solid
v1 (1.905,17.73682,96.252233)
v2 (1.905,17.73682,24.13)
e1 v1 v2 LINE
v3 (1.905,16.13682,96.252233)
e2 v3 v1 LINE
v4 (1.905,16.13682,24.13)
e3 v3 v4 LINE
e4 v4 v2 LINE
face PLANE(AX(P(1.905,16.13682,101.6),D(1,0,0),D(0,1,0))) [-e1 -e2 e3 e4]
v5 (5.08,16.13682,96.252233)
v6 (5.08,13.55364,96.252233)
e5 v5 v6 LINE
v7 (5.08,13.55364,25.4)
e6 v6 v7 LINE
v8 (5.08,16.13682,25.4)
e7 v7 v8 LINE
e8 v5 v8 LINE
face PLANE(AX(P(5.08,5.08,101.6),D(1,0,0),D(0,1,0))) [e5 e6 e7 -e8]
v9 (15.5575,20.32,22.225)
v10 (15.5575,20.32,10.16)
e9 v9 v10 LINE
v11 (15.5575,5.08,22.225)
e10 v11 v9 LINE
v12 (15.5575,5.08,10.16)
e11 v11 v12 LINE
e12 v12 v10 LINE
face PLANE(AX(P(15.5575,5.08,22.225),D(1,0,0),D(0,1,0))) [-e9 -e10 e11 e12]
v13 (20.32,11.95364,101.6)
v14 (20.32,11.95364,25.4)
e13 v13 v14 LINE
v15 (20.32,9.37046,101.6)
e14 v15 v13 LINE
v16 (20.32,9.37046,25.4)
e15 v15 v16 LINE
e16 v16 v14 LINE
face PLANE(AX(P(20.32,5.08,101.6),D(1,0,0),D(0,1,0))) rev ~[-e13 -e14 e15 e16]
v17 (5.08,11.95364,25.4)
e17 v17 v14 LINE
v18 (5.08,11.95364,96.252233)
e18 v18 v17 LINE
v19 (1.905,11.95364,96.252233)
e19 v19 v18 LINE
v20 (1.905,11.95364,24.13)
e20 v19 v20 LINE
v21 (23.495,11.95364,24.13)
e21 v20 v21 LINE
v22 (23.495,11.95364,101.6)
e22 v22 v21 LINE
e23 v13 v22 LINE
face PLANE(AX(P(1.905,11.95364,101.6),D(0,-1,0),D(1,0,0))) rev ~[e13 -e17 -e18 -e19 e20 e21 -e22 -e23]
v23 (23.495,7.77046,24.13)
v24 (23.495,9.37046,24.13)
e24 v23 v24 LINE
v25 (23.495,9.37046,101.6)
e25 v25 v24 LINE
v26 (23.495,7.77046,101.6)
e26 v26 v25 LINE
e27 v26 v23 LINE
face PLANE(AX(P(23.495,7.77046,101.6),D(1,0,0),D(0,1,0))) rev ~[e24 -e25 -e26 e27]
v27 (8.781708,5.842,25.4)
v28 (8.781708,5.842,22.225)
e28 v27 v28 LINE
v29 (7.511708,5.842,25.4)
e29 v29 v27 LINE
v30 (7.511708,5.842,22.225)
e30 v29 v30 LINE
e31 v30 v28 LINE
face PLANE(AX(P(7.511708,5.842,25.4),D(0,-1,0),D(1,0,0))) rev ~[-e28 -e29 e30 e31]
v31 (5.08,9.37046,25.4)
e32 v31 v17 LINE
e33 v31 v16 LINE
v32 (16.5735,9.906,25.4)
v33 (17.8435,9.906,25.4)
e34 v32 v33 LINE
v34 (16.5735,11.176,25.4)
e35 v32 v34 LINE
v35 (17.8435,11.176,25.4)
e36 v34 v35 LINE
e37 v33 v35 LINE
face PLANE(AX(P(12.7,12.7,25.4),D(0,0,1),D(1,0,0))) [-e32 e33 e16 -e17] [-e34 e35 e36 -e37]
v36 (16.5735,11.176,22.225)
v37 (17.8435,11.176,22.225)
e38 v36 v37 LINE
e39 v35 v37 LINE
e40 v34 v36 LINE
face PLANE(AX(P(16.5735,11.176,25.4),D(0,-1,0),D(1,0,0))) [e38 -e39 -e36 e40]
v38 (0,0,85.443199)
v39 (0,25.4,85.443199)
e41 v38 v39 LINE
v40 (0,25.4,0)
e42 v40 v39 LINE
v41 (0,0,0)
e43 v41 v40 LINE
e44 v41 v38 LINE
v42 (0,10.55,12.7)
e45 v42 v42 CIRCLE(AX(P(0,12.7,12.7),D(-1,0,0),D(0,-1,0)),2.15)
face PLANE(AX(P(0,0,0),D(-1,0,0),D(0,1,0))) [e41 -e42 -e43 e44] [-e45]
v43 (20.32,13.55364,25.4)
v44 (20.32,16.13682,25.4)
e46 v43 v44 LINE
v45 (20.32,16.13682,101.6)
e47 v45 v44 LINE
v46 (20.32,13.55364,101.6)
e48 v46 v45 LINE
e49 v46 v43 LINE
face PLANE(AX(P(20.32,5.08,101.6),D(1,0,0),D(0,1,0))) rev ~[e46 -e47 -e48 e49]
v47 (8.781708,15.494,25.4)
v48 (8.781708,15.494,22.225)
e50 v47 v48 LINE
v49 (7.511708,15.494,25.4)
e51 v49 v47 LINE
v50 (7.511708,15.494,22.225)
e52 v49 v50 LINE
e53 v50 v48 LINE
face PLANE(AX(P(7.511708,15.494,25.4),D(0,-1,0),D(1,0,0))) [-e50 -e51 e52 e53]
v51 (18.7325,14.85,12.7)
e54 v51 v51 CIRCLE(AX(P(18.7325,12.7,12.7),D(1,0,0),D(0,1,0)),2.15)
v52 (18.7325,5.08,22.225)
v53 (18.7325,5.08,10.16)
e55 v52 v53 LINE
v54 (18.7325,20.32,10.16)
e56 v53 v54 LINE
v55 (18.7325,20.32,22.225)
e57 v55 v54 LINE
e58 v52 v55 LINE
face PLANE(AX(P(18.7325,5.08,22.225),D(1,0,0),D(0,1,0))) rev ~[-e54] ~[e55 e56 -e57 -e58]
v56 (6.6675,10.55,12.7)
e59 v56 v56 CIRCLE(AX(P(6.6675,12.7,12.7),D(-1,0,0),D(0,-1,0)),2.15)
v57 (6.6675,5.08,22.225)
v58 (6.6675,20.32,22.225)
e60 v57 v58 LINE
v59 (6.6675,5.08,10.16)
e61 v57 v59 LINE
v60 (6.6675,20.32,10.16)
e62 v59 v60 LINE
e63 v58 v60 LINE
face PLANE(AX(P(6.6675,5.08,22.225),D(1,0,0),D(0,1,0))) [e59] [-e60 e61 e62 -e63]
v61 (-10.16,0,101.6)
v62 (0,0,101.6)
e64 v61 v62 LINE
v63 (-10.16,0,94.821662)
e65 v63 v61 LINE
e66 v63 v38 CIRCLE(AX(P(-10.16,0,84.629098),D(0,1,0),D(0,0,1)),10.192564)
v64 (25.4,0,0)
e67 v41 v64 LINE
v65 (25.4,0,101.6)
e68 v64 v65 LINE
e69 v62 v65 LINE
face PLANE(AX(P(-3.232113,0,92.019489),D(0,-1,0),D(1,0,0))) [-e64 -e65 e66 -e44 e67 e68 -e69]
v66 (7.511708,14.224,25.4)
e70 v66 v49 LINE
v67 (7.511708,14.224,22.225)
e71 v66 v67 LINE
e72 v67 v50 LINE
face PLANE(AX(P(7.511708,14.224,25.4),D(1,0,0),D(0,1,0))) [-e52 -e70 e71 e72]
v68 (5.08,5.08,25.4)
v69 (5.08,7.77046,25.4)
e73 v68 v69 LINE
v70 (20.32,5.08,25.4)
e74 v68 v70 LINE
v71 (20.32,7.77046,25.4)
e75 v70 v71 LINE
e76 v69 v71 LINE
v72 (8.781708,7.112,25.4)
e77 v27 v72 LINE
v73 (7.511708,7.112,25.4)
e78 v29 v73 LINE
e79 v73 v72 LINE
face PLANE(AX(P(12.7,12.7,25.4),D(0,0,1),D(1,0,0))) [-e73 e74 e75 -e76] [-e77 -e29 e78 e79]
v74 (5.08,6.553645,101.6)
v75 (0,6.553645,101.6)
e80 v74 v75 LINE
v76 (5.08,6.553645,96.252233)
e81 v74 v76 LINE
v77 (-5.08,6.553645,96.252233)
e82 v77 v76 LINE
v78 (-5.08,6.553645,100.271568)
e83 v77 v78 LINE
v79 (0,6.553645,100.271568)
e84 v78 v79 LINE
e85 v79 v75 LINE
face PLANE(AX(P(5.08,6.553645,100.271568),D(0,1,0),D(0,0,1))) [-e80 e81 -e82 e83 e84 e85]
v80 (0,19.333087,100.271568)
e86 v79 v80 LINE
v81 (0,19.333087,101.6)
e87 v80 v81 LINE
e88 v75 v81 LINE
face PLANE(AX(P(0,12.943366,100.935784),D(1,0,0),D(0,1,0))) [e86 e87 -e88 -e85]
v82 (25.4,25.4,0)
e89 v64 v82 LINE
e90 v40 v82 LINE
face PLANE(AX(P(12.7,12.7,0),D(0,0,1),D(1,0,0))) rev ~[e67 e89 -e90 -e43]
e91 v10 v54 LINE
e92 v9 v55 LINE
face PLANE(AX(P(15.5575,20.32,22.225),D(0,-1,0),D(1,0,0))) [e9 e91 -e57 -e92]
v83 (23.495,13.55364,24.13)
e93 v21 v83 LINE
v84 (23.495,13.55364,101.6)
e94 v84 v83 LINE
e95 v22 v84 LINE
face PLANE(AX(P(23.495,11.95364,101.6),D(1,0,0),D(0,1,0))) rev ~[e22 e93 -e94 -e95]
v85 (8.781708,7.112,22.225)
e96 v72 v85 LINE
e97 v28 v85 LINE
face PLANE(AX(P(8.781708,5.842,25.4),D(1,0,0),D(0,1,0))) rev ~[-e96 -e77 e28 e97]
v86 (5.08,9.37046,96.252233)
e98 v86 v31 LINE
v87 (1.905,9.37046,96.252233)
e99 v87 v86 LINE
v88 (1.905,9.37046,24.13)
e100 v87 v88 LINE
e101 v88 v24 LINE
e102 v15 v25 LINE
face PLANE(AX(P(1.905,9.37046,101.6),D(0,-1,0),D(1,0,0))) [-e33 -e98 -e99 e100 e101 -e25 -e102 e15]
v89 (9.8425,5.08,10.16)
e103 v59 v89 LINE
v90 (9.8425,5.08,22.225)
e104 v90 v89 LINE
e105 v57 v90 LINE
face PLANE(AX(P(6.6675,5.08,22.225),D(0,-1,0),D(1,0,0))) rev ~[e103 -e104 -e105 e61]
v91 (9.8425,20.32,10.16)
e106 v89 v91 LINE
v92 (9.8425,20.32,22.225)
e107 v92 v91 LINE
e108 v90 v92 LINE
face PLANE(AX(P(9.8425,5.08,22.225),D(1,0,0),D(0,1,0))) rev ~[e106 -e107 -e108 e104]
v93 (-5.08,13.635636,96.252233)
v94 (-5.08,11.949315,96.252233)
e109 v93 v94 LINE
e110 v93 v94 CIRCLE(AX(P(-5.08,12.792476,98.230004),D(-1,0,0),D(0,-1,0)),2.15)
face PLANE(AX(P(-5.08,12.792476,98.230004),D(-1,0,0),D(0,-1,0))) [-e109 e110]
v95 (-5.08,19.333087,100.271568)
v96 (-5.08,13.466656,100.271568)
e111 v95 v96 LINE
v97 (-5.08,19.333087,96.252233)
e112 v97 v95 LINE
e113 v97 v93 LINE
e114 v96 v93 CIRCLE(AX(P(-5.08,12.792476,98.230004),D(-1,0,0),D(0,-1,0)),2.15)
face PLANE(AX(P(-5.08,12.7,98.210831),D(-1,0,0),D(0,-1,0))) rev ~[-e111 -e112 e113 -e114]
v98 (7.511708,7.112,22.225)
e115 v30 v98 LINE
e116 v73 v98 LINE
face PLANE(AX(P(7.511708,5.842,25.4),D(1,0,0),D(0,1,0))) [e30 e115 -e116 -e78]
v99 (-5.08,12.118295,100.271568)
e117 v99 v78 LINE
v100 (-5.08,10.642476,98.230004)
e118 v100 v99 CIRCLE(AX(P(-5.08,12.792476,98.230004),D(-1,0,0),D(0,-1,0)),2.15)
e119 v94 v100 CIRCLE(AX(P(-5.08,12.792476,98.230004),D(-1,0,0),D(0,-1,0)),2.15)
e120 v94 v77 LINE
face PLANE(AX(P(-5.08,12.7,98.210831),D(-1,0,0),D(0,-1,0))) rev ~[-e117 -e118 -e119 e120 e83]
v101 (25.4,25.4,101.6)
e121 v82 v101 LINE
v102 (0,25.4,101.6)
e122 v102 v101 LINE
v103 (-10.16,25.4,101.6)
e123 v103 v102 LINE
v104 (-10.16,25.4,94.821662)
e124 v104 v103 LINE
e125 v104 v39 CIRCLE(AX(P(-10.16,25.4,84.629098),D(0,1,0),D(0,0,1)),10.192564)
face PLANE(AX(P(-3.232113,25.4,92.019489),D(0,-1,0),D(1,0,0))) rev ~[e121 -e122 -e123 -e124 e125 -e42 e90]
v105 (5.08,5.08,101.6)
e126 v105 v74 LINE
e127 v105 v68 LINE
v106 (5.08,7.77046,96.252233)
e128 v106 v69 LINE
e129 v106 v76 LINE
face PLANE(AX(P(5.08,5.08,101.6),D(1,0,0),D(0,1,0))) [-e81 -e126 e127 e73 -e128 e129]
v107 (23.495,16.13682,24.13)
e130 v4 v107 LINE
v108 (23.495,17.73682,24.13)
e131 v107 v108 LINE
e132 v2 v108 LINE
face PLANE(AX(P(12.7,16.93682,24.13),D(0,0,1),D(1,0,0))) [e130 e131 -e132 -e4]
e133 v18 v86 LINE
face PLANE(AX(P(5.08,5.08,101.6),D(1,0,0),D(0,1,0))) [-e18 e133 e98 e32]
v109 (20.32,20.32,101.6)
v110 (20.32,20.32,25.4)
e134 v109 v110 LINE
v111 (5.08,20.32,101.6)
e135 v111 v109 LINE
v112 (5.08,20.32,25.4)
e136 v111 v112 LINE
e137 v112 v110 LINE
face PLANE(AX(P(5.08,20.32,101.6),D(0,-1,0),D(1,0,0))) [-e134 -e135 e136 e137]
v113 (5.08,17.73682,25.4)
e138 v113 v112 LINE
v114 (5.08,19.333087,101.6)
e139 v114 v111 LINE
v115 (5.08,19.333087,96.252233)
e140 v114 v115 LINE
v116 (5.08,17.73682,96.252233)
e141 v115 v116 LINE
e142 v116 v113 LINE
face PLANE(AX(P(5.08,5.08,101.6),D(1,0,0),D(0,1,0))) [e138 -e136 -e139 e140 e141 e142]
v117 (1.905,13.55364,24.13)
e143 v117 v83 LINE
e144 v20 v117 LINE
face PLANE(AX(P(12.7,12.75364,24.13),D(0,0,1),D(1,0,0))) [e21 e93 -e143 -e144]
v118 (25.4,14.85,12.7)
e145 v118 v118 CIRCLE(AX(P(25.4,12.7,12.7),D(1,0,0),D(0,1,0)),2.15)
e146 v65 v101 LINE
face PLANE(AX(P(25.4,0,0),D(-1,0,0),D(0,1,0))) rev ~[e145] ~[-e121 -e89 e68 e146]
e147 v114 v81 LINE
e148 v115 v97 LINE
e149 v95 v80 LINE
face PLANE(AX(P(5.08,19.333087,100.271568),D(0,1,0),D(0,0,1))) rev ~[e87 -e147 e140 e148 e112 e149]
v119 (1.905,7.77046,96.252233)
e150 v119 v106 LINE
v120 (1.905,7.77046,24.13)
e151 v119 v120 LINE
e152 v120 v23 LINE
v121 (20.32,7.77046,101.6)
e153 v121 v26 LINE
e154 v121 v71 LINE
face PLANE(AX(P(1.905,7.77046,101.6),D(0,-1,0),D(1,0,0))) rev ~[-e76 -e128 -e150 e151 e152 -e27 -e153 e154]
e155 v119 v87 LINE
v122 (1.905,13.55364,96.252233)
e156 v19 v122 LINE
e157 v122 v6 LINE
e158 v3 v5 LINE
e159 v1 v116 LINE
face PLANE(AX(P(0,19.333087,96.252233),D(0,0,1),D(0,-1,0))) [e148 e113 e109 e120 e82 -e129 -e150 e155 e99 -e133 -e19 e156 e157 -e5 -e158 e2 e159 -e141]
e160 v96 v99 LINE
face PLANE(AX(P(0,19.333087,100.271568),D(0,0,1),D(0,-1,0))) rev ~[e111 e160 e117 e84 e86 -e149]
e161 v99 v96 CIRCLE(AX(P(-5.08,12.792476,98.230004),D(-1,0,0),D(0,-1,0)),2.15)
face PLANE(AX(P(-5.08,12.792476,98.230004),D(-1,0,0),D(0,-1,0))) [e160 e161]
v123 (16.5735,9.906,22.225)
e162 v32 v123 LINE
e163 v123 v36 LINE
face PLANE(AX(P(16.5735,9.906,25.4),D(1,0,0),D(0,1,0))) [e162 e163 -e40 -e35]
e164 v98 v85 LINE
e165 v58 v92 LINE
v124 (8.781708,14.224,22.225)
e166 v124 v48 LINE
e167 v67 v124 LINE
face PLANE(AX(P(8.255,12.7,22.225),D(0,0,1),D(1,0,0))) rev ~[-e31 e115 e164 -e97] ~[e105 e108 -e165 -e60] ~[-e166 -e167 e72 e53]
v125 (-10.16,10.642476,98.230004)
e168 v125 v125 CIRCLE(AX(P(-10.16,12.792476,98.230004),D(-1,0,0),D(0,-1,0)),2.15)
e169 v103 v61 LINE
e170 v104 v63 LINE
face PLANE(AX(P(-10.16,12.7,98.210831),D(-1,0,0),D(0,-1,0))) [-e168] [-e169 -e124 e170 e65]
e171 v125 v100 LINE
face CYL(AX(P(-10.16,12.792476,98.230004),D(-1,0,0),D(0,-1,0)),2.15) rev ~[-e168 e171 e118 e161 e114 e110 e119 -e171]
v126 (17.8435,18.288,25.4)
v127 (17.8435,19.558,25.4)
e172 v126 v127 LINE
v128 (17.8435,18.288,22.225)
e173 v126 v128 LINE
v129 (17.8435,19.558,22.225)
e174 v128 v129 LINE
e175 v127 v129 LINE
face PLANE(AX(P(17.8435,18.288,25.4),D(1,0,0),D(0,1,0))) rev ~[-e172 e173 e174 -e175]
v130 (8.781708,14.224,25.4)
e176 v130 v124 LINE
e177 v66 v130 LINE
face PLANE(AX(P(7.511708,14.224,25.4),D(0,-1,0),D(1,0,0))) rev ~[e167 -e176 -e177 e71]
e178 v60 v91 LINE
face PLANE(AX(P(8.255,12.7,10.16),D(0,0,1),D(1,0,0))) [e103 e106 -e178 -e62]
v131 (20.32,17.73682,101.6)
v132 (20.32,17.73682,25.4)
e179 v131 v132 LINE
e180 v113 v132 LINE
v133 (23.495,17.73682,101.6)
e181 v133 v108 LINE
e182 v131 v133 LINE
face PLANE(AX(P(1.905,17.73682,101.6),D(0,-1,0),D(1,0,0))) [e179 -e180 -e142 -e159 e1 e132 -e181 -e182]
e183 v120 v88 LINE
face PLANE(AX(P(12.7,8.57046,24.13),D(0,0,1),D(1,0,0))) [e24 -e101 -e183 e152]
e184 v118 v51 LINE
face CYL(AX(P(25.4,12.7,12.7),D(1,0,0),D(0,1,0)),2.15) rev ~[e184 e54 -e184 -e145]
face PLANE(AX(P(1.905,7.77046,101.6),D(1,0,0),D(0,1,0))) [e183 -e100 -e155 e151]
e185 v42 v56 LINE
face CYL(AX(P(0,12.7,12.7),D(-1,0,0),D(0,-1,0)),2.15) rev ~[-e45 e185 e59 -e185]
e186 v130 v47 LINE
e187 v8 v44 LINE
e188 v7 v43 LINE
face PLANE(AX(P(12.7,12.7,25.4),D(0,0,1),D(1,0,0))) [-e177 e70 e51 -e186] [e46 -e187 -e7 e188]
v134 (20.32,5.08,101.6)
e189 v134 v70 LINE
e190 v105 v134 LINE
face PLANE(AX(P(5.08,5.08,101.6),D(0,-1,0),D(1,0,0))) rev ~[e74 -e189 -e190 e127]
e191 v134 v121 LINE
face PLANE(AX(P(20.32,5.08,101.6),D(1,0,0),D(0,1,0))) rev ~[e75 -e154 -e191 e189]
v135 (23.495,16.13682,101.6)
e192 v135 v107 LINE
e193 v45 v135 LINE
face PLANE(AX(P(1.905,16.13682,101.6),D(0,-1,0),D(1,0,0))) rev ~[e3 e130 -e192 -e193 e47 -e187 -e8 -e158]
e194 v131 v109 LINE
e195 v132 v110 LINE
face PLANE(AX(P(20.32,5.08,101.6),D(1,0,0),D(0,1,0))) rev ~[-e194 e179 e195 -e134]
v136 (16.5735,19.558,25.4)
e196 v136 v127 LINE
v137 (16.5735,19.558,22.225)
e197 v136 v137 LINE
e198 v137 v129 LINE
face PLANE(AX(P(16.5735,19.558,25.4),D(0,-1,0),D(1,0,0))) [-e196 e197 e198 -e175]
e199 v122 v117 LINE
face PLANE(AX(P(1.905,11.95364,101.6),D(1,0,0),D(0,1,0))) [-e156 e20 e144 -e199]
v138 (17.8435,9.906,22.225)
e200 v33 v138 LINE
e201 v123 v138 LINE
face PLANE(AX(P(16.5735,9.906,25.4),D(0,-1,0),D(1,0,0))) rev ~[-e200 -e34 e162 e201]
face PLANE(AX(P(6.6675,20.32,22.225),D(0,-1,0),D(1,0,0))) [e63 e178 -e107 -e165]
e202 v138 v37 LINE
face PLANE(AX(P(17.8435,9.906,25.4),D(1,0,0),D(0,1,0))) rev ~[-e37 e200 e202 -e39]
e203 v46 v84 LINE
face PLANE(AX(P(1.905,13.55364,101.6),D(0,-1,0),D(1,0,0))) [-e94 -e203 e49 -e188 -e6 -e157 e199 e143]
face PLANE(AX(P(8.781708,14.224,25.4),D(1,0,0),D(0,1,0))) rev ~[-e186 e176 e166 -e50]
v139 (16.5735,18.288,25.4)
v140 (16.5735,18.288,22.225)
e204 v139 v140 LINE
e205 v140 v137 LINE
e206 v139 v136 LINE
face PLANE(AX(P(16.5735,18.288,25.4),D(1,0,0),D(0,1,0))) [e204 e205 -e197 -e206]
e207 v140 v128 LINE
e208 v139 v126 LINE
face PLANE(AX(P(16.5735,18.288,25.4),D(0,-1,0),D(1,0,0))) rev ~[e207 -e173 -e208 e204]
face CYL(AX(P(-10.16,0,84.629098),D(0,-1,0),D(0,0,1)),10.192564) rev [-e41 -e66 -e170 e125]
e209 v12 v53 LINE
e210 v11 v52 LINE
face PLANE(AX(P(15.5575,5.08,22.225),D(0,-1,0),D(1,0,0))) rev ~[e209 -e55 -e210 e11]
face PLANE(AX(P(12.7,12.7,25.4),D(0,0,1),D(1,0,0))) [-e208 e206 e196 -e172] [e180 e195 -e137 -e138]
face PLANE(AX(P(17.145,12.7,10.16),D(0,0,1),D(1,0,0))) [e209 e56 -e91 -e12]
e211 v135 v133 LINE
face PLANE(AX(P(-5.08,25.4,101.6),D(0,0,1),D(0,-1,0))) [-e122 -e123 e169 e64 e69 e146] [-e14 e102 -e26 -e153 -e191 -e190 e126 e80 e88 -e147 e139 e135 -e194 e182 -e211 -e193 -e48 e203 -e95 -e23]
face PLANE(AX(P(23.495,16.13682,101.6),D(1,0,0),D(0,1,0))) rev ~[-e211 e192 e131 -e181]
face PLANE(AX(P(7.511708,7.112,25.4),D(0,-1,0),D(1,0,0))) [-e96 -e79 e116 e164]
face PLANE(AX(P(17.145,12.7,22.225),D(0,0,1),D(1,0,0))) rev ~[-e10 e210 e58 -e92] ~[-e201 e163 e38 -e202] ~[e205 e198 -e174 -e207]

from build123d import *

# Parameters (mm, degrees)
F0_W      = 25.4
F0_H      = 25.4
F1_DEPTH  = 101.6
F2_W      = 15.24
F2_H      = 15.24
F3_DEPTH  = 76.2
F6_START  = -3.175
F5_W      = 3.175
F5_H      = 15.24
F6_DEPTH  = 12.065
F4_R      = 2.15
F7_DEPTH  = 6.6675
F8_R      = 2.15
F9_DEPTH  = 6.6675
F10_W     = 1.27
F10_H     = 1.27
F12_DEPTH = 3.175
F11_W     = 1.27
F11_H     = 1.27
F13_DEPTH = 3.175
F14_W     = 12.7794421278
F14_H     = 4.0193349123
F15_DEPTH = 5.08
F16_W     = 25.4
F16_H     = 6.7783382893
F16_W_2   = 12.7794421278
F16_H_2   = 4.0193349123
F17_DEPTH = 5.08
F18_W     = 25.4
F18_H     = 6.7783382893
F19_DEPTH = 5.08
F20_R     = 2.15
F21_DEPTH = 5.08
F23_DEPTH = 25.4
F24_W     = 21.59
F24_H     = 1.6
F25_DEPTH = 77.47
F26_W     = 12.7794421278
F26_H     = 1.3284322977
F27_DEPTH = 5.08


with BuildPart() as f1:
    # F0 (on Top) → F1 (new body)
    with BuildSketch(Plane.XY):
        with Locations((12.7, 12.7)):
            Rectangle(F0_W, F0_H)
    extrude(amount=F1_DEPTH)

    # F2 (on face) → F3 (cut)
    with BuildSketch(Plane.XY.offset(101.6)):
        with Locations((12.7, 12.7)):
            Rectangle(F2_W, F2_H)
    extrude(amount=-F3_DEPTH, mode=Mode.SUBTRACT)

    # F5 (on face) → F6 (cut)
    with BuildSketch(Plane.XY.offset(25.4).offset(F6_START)):
        with Locations((17.145, 12.7)):
            Rectangle(F5_W, F5_H)
        with Locations((8.255, 12.7)):
            Rectangle(F5_W, F5_H)
    extrude(amount=-F6_DEPTH, mode=Mode.SUBTRACT)

    # F4 (on face) → F7 (cut, through all)
    with BuildSketch(Plane.YZ.offset(25.4)):
        with Locations((12.7, 12.7)):
            Circle(F4_R)
    extrude(amount=-F7_DEPTH, mode=Mode.SUBTRACT)

    # F8 (on face) → F9 (cut, through all)
    with BuildSketch(Plane(origin=(0, 0, 0), x_dir=(0, -1, 0), z_dir=(-1, 0, 0))):
        with Locations((-12.7, 12.7)):
            Circle(F8_R)
    extrude(amount=-F9_DEPTH, mode=Mode.SUBTRACT)

    # F10 (on face) → F12 (cut, through all)
    with BuildSketch(Plane.XY.offset(25.4)):
        with Locations((17.2085, 18.923)):
            Rectangle(F10_W, F10_H)
        with Locations((17.2085, 10.541)):
            Rectangle(F10_W, F10_H)
    extrude(amount=-F12_DEPTH, mode=Mode.SUBTRACT)

    # F11 (on face) → F13 (cut, through all)
    with BuildSketch(Plane.XY.offset(25.4)):
        with Locations((8.1467080774, 6.477)):
            Rectangle(F11_W, F11_H)
        with Locations((8.1467080774, 14.859)):
            Rectangle(F11_W, F11_H)
    extrude(amount=-F13_DEPTH, mode=Mode.SUBTRACT)

    # F14 (on face) → F15 (cut, through all)
    with BuildSketch(Plane(origin=(0, 0, 0), x_dir=(0, -1, 0), z_dir=(-1, 0, 0))):
        with Locations((-12.943365844, 98.2619002461)):
            Rectangle(F14_W, F14_H)
    extrude(amount=-F15_DEPTH, mode=Mode.SUBTRACT)

    # F16 (on face) → F17 (join)
    with BuildSketch(Plane(origin=(0, 0, 0), x_dir=(0, -1, 0), z_dir=(-1, 0, 0))):
        with Locations((-12.7, 98.2108308554)):
            Rectangle(F16_W, F16_H)
        with Locations((-12.943365844, 98.2619002461)):
            Rectangle(F16_W_2, F16_H_2, mode=Mode.SUBTRACT)
    extrude(amount=F17_DEPTH)

    # F18 (on face) → F19 (join)
    with BuildSketch(Plane(origin=(-5.08, 0, 0), x_dir=(0, -1, 0), z_dir=(-1, 0, 0))):
        with Locations((-12.7, 98.2108308554)):
            Rectangle(F18_W, F18_H)
    extrude(amount=F19_DEPTH)

    # F20 (on face) → F21 (cut)
    with BuildSketch(Plane(origin=(-10.16, 0, 0), x_dir=(0, -1, 0), z_dir=(-1, 0, 0))):
        with Locations((-12.7924755216, 98.2300043106)):
            Circle(F20_R)
    extrude(amount=-F21_DEPTH, mode=Mode.SUBTRACT)

    # F22 (on face) → F23 (join, through all)
    with BuildSketch(Plane.XZ):
        with BuildLine():
            ThreePointArc((-10.16, 94.8216617107), (-3.2465860676, 92.1186283067), (0, 85.4431986809))
            Line((0, 85.4431986809), (0, 94.8216617107))
            Line((0, 94.8216617107), (-10.16, 94.8216617107))
        make_face()
    extrude(amount=-F23_DEPTH)

    # F24 (on face) → F25 (cut)
    with BuildSketch(Plane.XY.offset(101.6)):
        with Locations((12.7, 16.93682)):
            Rectangle(F24_W, F24_H)
        with Locations((12.7, 8.57046)):
            Rectangle(F24_W, F24_H)
        with Locations((12.7, 12.75364)):
            Rectangle(F24_W, F24_H)
    extrude(amount=-F25_DEPTH, mode=Mode.SUBTRACT)

    # F26 (on face) → F27 (cut)
    with BuildSketch(Plane.YZ.offset(5.08)):
        with Locations((12.943365844, 100.9357838511)):
            Rectangle(F26_W, F26_H)
    extrude(amount=-F27_DEPTH, mode=Mode.SUBTRACT)


solid = f1.part
